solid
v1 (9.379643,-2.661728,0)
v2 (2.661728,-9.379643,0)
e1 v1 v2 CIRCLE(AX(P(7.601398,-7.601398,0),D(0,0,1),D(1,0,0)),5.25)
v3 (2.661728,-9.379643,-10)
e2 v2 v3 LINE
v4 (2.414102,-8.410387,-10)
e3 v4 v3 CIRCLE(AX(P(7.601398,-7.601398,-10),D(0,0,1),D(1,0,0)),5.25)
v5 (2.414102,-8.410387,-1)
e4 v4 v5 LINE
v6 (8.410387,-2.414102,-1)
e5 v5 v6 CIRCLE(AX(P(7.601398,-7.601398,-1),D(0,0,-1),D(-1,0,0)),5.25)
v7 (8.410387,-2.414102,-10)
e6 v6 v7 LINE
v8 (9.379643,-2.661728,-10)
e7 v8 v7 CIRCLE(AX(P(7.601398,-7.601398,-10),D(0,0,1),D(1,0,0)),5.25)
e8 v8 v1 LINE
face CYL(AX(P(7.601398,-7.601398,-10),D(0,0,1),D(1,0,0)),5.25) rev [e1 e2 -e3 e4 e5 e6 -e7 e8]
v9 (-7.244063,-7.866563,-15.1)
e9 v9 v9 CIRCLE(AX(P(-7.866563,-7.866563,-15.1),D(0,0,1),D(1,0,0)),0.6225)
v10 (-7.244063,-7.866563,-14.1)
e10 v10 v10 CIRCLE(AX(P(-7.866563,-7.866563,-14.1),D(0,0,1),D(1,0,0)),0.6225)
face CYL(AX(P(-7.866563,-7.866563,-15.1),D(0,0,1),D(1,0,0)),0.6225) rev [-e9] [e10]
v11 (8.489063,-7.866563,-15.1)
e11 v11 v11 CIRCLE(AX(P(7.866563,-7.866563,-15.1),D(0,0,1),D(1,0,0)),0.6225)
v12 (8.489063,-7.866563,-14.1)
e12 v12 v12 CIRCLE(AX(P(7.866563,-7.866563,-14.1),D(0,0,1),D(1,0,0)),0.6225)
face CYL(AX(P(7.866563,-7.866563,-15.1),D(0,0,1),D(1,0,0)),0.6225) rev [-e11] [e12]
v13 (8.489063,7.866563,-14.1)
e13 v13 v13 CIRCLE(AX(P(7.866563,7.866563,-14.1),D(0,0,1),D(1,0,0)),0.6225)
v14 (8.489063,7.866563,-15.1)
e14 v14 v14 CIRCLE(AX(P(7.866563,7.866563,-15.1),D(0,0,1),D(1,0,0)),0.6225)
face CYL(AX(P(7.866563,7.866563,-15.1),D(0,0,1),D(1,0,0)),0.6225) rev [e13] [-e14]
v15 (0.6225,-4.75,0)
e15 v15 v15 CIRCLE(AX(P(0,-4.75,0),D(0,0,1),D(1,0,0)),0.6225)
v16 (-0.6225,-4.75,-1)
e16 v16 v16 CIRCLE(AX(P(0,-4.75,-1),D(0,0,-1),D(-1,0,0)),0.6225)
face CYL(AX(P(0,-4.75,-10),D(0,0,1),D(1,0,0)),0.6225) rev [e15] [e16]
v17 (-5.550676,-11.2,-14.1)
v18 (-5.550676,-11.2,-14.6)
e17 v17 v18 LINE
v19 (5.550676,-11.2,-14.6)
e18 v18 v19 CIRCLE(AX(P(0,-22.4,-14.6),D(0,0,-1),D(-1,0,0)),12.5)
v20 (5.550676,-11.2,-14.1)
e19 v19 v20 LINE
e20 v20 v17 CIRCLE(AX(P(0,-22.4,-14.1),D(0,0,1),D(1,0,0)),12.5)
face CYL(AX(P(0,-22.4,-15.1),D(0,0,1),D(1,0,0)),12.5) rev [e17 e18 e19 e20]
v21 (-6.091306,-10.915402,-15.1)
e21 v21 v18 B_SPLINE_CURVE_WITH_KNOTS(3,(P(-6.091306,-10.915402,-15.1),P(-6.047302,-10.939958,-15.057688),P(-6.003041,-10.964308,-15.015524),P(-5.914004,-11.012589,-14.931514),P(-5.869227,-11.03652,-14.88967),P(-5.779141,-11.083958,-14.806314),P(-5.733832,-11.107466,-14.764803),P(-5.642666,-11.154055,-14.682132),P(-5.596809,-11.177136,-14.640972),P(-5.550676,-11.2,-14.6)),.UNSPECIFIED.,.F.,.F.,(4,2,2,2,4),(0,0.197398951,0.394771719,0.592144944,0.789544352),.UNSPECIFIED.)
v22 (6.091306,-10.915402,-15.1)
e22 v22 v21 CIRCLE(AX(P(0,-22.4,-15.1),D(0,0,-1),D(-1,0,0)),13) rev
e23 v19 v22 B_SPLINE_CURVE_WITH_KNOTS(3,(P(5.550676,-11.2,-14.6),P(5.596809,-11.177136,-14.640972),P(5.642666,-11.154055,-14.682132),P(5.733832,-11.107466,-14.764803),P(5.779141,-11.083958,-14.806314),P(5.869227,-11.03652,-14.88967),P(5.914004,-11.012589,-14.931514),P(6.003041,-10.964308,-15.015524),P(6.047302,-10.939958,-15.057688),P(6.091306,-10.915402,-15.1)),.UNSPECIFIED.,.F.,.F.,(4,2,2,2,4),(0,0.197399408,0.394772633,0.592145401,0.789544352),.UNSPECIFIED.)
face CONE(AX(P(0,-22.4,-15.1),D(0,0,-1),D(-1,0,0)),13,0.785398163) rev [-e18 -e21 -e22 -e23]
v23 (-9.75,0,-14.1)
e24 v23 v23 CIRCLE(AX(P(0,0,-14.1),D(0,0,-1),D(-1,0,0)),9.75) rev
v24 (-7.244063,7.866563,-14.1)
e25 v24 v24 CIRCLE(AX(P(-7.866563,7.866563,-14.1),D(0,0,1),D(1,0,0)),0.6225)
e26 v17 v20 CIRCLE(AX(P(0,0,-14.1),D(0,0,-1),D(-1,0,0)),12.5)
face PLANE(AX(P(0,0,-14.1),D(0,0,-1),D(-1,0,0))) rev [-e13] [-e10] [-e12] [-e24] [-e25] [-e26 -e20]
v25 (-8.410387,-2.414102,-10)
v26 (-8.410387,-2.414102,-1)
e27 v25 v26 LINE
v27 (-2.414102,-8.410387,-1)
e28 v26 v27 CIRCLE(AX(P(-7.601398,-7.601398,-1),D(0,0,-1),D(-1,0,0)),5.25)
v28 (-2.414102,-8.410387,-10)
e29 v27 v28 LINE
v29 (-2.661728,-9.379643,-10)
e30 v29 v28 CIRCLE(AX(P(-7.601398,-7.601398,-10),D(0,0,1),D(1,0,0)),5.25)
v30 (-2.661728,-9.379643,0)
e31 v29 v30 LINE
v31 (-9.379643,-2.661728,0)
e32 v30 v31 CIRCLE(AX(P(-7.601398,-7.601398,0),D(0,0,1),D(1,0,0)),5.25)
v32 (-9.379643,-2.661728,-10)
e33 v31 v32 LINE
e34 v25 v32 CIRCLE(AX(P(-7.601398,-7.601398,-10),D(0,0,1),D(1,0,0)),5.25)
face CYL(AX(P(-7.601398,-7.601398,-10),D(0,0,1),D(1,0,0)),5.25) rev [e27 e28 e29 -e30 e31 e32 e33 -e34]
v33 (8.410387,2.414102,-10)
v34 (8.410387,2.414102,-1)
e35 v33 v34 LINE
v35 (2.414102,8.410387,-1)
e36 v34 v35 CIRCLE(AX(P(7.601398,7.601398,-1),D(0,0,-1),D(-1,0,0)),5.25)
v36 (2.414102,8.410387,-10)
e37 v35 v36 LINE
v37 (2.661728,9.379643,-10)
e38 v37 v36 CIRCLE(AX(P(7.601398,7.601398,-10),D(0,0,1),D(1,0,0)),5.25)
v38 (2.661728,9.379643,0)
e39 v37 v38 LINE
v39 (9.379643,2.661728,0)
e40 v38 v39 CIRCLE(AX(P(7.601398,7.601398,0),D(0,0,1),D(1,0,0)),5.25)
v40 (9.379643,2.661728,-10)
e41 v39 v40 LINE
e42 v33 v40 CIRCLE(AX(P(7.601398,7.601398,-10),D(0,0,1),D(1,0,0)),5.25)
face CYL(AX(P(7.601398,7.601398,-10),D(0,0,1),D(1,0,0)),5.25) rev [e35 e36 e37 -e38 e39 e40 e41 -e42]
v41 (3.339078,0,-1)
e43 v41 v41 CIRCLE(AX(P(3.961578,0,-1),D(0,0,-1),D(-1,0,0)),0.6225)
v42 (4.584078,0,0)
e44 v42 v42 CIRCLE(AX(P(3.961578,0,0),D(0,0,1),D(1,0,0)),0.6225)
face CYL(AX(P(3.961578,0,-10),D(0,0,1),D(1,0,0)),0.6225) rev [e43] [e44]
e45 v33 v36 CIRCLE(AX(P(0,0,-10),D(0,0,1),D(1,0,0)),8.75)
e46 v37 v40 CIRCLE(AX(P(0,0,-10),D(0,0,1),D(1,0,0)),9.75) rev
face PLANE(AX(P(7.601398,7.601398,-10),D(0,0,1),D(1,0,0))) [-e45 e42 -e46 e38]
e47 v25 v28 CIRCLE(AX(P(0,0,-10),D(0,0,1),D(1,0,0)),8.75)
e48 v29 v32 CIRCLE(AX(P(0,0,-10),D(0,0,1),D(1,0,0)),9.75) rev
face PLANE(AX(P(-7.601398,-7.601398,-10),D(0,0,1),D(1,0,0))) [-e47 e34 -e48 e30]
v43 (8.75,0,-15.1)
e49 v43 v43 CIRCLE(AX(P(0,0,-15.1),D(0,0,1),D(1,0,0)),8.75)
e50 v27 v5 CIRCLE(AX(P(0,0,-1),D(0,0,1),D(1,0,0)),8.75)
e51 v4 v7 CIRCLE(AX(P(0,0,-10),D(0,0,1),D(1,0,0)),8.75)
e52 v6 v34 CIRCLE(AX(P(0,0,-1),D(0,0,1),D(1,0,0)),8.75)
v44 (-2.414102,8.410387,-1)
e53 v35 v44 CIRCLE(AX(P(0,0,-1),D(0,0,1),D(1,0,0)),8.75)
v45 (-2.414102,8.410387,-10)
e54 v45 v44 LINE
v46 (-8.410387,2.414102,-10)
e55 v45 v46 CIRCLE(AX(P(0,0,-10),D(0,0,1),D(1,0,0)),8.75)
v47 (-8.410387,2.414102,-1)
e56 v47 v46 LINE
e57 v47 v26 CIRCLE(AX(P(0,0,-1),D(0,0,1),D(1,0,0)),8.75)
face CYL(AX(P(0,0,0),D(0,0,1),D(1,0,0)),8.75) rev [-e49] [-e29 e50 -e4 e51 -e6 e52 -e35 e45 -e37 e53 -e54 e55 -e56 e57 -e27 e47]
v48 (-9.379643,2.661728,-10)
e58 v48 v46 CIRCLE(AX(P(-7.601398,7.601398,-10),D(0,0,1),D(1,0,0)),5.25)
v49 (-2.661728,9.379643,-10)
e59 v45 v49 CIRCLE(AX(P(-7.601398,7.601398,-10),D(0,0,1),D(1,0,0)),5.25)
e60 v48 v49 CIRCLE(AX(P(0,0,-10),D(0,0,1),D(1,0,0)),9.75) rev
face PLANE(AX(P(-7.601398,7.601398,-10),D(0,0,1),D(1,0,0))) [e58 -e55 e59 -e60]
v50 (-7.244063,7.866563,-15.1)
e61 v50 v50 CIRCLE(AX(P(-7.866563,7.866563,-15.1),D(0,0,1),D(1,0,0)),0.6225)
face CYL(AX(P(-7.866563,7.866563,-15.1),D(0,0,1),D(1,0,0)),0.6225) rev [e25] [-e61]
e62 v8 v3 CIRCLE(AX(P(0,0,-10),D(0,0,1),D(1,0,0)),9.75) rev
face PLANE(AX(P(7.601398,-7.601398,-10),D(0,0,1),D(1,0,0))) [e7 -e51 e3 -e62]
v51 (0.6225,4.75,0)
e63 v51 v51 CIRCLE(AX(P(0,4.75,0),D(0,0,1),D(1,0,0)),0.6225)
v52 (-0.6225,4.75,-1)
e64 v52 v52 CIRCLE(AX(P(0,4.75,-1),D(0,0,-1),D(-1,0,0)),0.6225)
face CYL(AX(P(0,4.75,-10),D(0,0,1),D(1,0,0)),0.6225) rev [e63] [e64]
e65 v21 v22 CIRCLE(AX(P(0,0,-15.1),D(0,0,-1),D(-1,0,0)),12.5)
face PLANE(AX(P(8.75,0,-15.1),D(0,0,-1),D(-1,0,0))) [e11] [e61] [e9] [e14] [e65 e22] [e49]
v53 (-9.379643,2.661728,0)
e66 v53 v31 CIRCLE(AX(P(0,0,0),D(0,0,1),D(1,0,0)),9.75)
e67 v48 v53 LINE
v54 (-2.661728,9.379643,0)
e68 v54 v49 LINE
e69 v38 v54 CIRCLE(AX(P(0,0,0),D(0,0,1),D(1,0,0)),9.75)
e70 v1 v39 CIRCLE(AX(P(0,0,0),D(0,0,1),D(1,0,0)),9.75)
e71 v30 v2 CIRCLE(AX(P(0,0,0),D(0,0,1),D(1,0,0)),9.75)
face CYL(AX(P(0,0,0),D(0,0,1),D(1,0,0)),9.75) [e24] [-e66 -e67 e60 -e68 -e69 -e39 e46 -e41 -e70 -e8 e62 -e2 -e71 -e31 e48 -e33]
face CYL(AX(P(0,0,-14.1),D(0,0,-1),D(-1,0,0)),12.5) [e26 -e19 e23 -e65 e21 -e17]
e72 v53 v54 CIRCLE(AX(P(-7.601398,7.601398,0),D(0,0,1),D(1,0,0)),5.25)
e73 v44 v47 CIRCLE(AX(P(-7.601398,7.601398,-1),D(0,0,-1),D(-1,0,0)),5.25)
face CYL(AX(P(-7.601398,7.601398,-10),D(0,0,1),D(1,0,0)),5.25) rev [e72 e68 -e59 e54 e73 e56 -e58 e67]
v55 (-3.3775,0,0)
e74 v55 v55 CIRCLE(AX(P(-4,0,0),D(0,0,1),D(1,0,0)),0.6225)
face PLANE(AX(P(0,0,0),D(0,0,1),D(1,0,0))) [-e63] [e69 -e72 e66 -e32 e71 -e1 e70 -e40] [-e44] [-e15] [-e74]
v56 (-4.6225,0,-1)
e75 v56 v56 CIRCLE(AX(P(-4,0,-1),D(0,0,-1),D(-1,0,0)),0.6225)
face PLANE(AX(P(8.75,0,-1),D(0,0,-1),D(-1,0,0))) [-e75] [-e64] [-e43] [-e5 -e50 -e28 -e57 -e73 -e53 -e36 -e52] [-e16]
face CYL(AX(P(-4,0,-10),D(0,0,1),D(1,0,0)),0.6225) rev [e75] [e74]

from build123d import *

# Parameters (mm, degrees)
SKETCH_3_R             = 0.6225
SKETCH_3_R_2           = 5.25
CUT_EXTRUDE_1_DEPTH    = 10
EXTRUDE_START          = -1
SKETCH_4_R             = 12.5
SKETCH_4_R_2           = 8.75
EXTRUDE_1_DEPTH        = 1
SKETCH_9_R             = 0.6225
CUT_EXTRUDE_2_DEPTH    = 23.612164868
SKETCH_10_R            = 12.5
CUT_EXTRUDE_1339_DEPTH = 23.612164868
CHAMFER_1434_SIZE      = 0.5


with BuildPart() as part:
    # Эскиз1 → Повернуть1 (revolve)
    with BuildSketch(Plane(origin=(0, 0, 0), x_dir=(1, 0, 0), z_dir=(0, 1, 0))):
        Polygon((8.75, 1), (0, 1), (0, 0), (9.75, 0), (9.75, 15.1), (8.75, 15.1), align=None)
    revolve(axis=Axis((0, 0, 0), (0, 0, -1)))

    # Эскиз3 → Вырез-Вытянуть1 (cut)
    with BuildSketch(Plane.XY):
        with Locations((-4, 0)):
            Circle(SKETCH_3_R)
        with Locations((0, -4.75)):
            Circle(SKETCH_3_R)
        with Locations((3.96157844, 0)):
            Circle(SKETCH_3_R)
        with Locations((0, 4.75)):
            Circle(SKETCH_3_R)
        with Locations((7.601397898, -7.601397898)):
            Circle(SKETCH_3_R_2)
        with Locations((-7.601397898, -7.601397898)):
            Circle(SKETCH_3_R_2)
        with Locations((-7.601397898, 7.601397898)):
            Circle(SKETCH_3_R_2)
        with Locations((7.601397898, 7.601397898)):
            Circle(SKETCH_3_R_2)
    extrude(amount=-CUT_EXTRUDE_1_DEPTH, mode=Mode.SUBTRACT)

    # Эскиз4 → Бобышка-Вытянуть1 (add)
    with BuildSketch(Plane(origin=(0, 0, -15.1), x_dir=(-1, 0, 0), z_dir=(0, 0, -1)).offset(EXTRUDE_START)):
        Circle(SKETCH_4_R)
        with Locations(Location((0, 0, 0), (0, 0, 180))):
            Circle(SKETCH_4_R_2, mode=Mode.SUBTRACT)
    extrude(amount=EXTRUDE_1_DEPTH)

    # Эскиз9 → Вырез-Вытянуть2 (cut, through all)
    with BuildSketch(Plane.XY.offset(-14.1)):
        with Locations((7.866562941, 7.866562941)):
            Circle(SKETCH_9_R)
        with Locations((7.866562941, -7.866562941)):
            Circle(SKETCH_9_R)
        with Locations((-7.866562941, -7.866562941)):
            Circle(SKETCH_9_R)
        with Locations((-7.866562941, 7.866562941)):
            Circle(SKETCH_9_R)
    extrude(amount=-CUT_EXTRUDE_2_DEPTH, mode=Mode.SUBTRACT)

    # Эскиз10 → Cut-Extrude 1339 (cut, through all)
    with BuildSketch(Plane.XY.offset(-14.1)):
        with Locations((0, -22.4)):
            Circle(SKETCH_10_R)
    extrude(amount=-CUT_EXTRUDE_1339_DEPTH, mode=Mode.SUBTRACT)

    # Chamfer 1434
    chamfer_1434_edges = [part.edges().sort_by_distance(p)[0] for p in [
        (0, -9.9, -15.1),
    ]]
    chamfer(chamfer_1434_edges, length=CHAMFER_1434_SIZE)


solid = part.part
